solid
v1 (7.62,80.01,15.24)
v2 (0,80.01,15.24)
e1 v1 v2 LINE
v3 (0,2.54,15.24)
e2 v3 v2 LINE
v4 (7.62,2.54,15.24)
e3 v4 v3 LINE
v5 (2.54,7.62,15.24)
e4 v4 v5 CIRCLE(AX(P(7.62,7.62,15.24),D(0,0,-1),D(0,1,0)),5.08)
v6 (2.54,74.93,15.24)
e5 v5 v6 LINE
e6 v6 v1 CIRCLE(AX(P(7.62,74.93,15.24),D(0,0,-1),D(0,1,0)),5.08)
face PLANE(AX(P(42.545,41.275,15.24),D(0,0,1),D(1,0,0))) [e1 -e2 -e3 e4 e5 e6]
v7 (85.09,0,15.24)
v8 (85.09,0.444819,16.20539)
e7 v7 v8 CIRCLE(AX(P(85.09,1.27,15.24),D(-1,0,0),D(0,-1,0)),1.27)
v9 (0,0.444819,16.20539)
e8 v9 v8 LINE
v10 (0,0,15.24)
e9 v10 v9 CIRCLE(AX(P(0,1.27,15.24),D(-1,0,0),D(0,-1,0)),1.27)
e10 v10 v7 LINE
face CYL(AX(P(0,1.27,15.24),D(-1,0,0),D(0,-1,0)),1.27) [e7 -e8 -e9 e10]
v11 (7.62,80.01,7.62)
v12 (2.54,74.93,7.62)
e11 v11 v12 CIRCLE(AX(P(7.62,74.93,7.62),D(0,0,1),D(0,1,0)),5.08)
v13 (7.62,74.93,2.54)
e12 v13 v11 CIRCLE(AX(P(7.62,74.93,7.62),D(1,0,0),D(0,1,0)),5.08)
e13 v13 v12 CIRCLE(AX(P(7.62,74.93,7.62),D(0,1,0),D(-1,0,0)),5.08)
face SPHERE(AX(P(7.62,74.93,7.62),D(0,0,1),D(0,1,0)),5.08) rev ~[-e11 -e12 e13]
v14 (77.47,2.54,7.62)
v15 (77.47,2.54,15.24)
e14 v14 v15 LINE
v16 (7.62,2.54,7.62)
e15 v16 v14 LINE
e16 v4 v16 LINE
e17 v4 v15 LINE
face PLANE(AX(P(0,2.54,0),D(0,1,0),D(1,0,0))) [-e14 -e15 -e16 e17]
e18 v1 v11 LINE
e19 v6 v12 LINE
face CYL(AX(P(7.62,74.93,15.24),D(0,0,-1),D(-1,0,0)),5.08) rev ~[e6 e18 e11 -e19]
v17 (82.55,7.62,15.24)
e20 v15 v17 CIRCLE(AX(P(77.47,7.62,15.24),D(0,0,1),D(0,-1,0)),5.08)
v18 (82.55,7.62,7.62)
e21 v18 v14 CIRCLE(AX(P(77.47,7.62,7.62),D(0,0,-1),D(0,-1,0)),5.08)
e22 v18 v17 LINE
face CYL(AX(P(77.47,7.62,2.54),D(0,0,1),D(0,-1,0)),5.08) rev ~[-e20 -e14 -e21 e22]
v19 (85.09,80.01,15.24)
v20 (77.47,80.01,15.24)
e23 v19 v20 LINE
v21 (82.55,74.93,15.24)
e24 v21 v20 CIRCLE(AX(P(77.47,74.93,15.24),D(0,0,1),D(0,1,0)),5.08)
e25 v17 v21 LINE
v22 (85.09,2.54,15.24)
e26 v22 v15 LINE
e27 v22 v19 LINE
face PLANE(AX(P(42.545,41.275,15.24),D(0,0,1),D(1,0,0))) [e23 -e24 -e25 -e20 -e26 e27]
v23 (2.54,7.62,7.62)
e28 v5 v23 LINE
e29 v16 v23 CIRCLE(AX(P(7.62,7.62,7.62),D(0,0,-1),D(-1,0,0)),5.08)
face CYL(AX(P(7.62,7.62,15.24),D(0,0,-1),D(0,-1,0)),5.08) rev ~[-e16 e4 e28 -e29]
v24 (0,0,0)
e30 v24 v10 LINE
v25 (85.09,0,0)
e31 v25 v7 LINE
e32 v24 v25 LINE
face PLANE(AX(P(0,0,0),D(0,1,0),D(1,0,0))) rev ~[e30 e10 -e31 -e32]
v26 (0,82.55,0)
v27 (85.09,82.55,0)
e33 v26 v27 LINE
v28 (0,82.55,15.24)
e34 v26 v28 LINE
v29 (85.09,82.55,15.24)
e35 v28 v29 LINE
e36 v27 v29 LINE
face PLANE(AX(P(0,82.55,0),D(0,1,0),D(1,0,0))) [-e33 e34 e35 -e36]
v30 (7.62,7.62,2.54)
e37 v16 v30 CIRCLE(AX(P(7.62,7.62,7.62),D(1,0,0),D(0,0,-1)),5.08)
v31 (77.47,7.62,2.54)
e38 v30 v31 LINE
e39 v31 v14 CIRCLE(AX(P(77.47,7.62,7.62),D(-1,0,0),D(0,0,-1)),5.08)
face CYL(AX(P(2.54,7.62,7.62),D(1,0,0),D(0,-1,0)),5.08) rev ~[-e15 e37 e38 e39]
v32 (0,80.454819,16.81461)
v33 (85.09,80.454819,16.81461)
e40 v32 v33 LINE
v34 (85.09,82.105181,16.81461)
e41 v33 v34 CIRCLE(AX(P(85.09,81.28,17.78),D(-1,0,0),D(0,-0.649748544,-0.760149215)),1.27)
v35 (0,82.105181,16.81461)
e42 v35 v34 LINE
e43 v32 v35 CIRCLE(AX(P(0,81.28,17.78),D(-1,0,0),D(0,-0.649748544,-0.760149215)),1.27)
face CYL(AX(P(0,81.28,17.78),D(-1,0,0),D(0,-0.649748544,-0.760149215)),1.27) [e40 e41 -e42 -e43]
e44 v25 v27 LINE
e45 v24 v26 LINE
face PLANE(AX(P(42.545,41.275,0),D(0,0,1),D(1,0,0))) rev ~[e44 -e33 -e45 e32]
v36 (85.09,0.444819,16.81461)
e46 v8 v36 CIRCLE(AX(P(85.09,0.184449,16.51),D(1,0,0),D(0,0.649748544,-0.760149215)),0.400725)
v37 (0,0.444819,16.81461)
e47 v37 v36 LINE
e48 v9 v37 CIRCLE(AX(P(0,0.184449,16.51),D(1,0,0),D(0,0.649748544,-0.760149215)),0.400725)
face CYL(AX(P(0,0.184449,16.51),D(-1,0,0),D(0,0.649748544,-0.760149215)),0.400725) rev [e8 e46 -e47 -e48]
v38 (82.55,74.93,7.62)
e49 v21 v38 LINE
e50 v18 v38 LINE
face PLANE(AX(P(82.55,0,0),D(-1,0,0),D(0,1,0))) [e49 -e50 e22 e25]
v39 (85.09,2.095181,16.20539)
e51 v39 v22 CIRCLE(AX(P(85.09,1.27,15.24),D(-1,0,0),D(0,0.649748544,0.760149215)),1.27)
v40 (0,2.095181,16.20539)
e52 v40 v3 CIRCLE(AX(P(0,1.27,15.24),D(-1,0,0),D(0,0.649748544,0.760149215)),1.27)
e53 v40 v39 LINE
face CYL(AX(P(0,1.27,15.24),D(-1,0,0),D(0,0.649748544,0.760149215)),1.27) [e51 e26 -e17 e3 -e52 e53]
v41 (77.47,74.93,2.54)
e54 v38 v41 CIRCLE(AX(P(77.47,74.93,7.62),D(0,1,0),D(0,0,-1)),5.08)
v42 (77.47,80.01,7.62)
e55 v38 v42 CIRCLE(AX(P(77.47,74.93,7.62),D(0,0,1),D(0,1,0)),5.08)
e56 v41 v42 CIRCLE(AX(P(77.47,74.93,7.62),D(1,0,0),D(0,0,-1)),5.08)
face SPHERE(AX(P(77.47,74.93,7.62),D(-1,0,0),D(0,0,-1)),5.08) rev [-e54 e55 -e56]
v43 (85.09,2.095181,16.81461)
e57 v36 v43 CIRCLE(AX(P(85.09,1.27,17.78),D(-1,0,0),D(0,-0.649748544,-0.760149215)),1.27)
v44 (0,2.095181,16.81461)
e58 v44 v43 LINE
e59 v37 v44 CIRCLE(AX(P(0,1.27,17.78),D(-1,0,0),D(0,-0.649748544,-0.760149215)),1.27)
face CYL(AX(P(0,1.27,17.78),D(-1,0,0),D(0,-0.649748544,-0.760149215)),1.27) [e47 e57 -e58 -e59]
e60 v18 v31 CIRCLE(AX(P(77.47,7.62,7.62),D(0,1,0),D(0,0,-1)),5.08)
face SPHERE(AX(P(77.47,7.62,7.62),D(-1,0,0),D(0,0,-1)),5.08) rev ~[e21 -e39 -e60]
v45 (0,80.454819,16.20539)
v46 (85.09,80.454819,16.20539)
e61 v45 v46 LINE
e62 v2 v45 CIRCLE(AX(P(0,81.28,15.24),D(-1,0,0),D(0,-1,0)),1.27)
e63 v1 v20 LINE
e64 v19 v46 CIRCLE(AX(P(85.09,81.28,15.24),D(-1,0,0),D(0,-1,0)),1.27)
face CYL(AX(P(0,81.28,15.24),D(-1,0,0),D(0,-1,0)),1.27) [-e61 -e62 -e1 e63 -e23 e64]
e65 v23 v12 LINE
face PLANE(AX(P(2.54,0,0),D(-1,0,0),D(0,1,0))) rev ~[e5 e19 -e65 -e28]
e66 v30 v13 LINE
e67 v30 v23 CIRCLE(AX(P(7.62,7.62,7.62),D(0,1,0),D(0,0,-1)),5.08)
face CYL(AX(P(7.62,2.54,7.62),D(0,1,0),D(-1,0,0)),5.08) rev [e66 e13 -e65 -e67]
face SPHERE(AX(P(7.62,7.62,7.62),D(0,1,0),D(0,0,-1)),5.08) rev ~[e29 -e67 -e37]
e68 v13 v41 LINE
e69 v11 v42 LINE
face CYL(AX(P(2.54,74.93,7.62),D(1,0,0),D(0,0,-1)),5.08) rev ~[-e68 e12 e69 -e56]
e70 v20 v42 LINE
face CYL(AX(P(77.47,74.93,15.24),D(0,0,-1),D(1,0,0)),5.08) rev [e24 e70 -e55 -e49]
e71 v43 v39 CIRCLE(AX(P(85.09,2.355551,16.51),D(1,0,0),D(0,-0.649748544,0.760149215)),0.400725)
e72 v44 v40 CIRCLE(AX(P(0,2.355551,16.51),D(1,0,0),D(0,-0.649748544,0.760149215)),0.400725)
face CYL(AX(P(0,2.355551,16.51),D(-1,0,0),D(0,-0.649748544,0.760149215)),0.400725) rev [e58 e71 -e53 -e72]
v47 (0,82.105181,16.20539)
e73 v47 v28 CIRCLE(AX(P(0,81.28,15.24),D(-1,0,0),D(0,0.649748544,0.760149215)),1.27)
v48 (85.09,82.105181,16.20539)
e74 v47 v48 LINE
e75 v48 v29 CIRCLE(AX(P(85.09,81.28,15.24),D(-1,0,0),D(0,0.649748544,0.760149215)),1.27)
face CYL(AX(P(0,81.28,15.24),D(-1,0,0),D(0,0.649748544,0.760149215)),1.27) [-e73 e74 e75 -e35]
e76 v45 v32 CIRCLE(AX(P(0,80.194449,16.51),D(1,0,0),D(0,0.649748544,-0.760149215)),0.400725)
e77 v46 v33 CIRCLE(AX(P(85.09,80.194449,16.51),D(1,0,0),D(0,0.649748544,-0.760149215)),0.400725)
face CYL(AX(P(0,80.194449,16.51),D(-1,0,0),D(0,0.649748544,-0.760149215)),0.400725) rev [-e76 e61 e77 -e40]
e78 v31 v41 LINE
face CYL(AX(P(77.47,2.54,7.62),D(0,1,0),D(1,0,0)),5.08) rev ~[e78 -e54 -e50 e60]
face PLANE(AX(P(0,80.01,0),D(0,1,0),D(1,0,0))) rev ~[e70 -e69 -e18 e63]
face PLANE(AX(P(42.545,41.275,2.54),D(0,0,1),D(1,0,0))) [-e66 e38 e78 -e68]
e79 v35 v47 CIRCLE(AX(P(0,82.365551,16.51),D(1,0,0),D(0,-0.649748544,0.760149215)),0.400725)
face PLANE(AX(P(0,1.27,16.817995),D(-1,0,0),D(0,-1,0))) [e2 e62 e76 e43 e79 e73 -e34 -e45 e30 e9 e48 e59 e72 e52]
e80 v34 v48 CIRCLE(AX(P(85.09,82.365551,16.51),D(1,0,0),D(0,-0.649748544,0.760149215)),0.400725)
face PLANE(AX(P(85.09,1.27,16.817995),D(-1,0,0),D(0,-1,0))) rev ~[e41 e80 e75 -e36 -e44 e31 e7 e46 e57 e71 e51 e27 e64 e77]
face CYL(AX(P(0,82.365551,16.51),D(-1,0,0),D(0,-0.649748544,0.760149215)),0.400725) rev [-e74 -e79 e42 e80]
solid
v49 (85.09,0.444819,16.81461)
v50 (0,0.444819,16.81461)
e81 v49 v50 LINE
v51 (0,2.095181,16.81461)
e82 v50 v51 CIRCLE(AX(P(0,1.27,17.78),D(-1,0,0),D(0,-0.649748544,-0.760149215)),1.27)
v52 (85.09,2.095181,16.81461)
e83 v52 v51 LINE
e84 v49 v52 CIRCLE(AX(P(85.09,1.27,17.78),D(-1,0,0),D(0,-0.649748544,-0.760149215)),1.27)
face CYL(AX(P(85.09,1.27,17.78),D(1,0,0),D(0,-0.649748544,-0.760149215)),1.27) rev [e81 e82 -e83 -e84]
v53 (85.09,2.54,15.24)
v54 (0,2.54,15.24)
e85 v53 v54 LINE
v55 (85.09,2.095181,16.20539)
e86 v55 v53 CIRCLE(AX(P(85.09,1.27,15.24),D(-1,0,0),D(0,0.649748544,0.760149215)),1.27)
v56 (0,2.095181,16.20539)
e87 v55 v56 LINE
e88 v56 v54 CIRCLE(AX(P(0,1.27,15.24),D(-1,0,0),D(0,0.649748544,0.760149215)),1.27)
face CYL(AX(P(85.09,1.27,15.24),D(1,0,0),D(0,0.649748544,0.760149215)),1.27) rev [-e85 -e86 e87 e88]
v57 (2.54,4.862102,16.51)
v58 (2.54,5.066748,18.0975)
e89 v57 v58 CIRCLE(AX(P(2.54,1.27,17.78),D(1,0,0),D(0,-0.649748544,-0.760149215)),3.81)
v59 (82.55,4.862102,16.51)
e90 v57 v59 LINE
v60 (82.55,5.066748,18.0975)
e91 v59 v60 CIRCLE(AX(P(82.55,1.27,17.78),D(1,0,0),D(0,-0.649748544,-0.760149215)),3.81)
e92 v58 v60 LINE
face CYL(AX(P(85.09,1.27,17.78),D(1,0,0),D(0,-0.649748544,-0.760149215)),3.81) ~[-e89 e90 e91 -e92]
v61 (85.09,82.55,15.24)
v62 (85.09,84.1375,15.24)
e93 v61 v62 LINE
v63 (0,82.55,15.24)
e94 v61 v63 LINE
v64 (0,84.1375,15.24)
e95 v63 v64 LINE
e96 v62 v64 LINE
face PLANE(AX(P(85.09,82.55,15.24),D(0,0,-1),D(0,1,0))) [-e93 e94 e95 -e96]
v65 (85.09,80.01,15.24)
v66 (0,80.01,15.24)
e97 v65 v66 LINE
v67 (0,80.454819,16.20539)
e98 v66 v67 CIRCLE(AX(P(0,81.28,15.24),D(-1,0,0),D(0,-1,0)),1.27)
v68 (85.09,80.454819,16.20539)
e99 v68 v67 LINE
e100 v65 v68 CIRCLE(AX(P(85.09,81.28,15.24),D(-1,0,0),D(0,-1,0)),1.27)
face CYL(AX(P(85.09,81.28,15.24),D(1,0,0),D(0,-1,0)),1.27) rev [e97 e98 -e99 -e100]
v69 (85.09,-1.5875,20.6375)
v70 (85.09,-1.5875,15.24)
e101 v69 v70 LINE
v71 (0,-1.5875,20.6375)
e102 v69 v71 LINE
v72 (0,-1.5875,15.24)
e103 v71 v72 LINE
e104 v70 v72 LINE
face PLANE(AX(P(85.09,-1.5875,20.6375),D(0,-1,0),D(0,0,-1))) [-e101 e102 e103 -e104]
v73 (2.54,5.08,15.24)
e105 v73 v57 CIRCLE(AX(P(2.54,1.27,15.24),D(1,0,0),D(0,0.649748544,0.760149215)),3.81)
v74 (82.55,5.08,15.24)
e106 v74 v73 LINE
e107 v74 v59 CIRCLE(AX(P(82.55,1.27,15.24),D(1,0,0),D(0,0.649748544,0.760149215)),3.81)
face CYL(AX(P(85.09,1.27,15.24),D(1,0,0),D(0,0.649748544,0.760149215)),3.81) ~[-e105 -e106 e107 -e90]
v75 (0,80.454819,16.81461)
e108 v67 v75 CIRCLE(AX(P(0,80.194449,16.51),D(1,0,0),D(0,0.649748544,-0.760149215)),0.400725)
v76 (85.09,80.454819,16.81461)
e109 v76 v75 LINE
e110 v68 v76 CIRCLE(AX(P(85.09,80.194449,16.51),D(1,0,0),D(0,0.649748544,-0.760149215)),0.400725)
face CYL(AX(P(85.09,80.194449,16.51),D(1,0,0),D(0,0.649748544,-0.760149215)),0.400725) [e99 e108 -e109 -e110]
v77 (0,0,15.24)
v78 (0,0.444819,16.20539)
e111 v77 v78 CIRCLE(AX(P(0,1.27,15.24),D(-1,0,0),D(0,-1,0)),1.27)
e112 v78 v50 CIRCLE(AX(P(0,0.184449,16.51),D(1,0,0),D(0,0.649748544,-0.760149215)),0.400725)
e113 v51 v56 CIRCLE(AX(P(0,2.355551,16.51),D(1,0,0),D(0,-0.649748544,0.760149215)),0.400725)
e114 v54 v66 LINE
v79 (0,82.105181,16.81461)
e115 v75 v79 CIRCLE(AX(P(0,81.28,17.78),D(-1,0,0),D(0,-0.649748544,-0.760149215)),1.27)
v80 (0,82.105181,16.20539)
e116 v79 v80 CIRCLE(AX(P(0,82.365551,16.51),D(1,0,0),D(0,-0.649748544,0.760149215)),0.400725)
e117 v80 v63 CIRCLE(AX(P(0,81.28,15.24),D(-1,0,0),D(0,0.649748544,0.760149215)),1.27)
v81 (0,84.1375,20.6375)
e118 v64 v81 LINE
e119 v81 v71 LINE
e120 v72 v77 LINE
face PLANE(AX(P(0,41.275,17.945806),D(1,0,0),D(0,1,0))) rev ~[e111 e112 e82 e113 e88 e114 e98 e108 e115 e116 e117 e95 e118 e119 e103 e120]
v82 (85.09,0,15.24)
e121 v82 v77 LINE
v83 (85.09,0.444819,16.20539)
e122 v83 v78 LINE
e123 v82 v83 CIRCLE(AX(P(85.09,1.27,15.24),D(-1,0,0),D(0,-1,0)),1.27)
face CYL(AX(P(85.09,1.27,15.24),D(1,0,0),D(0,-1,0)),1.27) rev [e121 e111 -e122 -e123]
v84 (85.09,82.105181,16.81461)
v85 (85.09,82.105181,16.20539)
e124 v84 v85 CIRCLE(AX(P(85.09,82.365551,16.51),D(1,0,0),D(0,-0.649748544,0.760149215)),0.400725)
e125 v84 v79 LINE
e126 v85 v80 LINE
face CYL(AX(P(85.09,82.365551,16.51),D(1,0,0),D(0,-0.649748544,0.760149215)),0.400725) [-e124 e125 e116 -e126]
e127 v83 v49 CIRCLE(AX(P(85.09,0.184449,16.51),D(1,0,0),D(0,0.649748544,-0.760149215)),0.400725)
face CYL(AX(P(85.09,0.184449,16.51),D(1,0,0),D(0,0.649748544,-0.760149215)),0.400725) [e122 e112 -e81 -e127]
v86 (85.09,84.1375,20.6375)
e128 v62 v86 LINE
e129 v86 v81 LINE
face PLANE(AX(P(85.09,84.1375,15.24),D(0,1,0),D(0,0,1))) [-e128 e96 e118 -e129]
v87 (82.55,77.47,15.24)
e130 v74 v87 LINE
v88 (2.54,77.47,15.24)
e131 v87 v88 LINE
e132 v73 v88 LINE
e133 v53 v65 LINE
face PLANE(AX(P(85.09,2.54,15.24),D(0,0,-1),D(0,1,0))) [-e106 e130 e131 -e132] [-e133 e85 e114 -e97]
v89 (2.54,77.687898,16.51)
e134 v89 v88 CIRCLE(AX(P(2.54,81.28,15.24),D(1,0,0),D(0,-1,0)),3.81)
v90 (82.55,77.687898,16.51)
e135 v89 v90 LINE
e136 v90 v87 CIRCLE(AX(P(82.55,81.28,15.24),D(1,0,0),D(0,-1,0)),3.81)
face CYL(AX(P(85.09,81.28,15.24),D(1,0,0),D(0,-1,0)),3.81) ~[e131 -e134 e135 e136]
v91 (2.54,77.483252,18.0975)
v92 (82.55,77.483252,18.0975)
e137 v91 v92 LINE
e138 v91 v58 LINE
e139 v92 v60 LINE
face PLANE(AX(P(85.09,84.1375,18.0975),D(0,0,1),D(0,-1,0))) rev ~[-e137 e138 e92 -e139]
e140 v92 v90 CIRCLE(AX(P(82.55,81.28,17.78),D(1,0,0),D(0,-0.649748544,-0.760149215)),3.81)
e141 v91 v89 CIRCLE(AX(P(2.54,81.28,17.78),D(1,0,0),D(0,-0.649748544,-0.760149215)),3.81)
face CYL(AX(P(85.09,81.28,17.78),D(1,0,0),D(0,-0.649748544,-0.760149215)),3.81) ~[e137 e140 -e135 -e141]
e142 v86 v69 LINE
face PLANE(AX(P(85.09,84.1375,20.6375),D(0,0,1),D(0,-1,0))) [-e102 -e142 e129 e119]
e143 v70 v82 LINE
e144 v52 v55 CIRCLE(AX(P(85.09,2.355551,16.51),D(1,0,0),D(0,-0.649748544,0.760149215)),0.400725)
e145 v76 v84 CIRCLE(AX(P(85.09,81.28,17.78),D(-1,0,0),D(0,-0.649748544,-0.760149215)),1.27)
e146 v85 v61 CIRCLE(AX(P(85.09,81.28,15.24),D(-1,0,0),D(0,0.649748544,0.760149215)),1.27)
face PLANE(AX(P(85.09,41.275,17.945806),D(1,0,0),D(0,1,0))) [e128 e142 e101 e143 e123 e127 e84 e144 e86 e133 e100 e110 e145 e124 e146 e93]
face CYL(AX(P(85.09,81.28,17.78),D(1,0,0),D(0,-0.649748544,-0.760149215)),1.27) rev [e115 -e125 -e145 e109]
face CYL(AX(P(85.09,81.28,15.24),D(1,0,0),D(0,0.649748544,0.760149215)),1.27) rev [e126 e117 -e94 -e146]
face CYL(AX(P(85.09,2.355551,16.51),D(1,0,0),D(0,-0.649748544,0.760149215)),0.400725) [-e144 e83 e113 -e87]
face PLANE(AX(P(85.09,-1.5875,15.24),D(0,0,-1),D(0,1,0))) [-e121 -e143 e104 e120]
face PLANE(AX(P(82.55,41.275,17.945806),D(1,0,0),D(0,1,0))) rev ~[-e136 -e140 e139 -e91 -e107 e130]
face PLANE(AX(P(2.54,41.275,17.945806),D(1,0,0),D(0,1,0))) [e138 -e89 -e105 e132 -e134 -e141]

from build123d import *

# Parameters (mm, degrees)
F0_W     = 85.09
F0_H     = 82.55
F1_DEPTH = 15.24
F2_T     = -2.54
F4_DEPTH = 85.09
F7_DEPTH = 85.09
F8_T     = -2.54
F9_R     = 5.08


with BuildPart() as f1:
    # F0 (on Top) → F1 (new body)
    with BuildSketch(Plane.XY):
        with Locations((42.545, 41.275)):
            Rectangle(F0_W, F0_H)
    extrude(amount=F1_DEPTH)

    # F2
    f2_openings = [f1.faces().sort_by_distance(p)[0] for p in [
        (42.545, 41.275, 15.24),
    ]]
    offset(amount=F2_T, openings=f2_openings)

    # F3 (on face) → F4 (join, through all)
    with BuildSketch(Plane(origin=(0, 0, 0), x_dir=(0, -1, 0), z_dir=(-1, 0, 0))):
        with BuildLine():
            Line((-2.54, 15.24), (0, 15.24))
            ThreePointArc((0, 15.24), (-0.1165531164, 15.7714699302), (-0.4448193492, 16.2053895035))
            ThreePointArc((-0.4448193492, 16.2053895035), (-0.5851737267, 16.51), (-0.4448193492, 16.8146104965))
            ThreePointArc((-0.4448193492, 16.8146104965), (-1.27, 19.05), (-2.0951806508, 16.8146104965))
            ThreePointArc((-2.0951806508, 16.8146104965), (-1.9548262733, 16.51), (-2.0951806508, 16.2053895035))
            ThreePointArc((-2.0951806508, 16.2053895035), (-2.4234468836, 15.7714699302), (-2.54, 15.24))
        make_face()
        with BuildLine():
            ThreePointArc((-82.1051806508, 16.8146104965), (-81.9648262733, 16.51), (-82.1051806508, 16.2053895035))
            ThreePointArc((-82.1051806508, 16.2053895035), (-82.4334468836, 15.7714699302), (-82.55, 15.24))
            Line((-82.55, 15.24), (-80.01, 15.24))
            ThreePointArc((-80.01, 15.24), (-80.1265531164, 15.7714699302), (-80.4548193492, 16.2053895035))
            ThreePointArc((-80.4548193492, 16.2053895035), (-80.5951737267, 16.51), (-80.4548193492, 16.8146104965))
            ThreePointArc((-80.4548193492, 16.8146104965), (-81.28, 19.05), (-82.1051806508, 16.8146104965))
        make_face()
    extrude(amount=-F4_DEPTH)

    # F9
    f9_edges = [f1.edges().sort_by_distance(p)[0] for p in [
        (2.54, 80.01, 8.89),
        (42.545, 80.01, 2.54),
        (2.54, 41.275, 2.54),
        (42.545, 2.54, 2.54),
        (82.55, 41.275, 2.54),
        (2.54, 2.54, 8.89),
        (82.55, 2.54, 8.89),
        (82.55, 80.01, 8.89),
    ]]
    fillet(f9_edges, radius=F9_R)


with BuildPart() as f7:
    # F6 (on face) → F7 (new body, through all)
    with BuildSketch(Plane.YZ.offset(85.09)):
        with BuildLine():
            ThreePointArc((2.0951806508, 16.2053895035), (2.4234468836, 15.7714699302), (2.54, 15.24))
            Line((2.54, 15.24), (80.01, 15.24))
            ThreePointArc((80.01, 15.24), (80.1265531164, 15.7714699302), (80.4548193492, 16.2053895035))
            ThreePointArc((80.4548193492, 16.2053895035), (80.5951737267, 16.51), (80.4548193492, 16.8146104965))
            ThreePointArc((80.4548193492, 16.8146104965), (81.28, 19.05), (82.1051806508, 16.8146104965))
            ThreePointArc((82.1051806508, 16.8146104965), (81.9648262733, 16.51), (82.1051806508, 16.2053895035))
            ThreePointArc((82.1051806508, 16.2053895035), (82.4334468836, 15.7714699302), (82.55, 15.24))
            Line((82.55, 15.24), (84.1375, 15.24))
            Line((84.1375, 15.24), (84.1375, 20.6375))
            Line((84.1375, 20.6375), (-1.5875, 20.6375))
            Line((-1.5875, 20.6375), (-1.5875, 15.24))
            Line((-1.5875, 15.24), (0, 15.24))
            ThreePointArc((0, 15.24), (0.1165531164, 15.7714699302), (0.4448193492, 16.2053895035))
            ThreePointArc((0.4448193492, 16.2053895035), (0.5851737267, 16.51), (0.4448193492, 16.8146104965))
            ThreePointArc((0.4448193492, 16.8146104965), (1.27, 19.05), (2.0951806508, 16.8146104965))
            ThreePointArc((2.0951806508, 16.8146104965), (1.9548262733, 16.51), (2.0951806508, 16.2053895035))
        make_face()
    extrude(amount=-F7_DEPTH)

    # F8
    f8_openings = [f7.faces().sort_by_distance(p)[0] for p in [
        (42.545, 41.275, 15.24),
    ]]
    offset(amount=F8_T, openings=f8_openings)


solid = Compound([f1.part, f7.part])
